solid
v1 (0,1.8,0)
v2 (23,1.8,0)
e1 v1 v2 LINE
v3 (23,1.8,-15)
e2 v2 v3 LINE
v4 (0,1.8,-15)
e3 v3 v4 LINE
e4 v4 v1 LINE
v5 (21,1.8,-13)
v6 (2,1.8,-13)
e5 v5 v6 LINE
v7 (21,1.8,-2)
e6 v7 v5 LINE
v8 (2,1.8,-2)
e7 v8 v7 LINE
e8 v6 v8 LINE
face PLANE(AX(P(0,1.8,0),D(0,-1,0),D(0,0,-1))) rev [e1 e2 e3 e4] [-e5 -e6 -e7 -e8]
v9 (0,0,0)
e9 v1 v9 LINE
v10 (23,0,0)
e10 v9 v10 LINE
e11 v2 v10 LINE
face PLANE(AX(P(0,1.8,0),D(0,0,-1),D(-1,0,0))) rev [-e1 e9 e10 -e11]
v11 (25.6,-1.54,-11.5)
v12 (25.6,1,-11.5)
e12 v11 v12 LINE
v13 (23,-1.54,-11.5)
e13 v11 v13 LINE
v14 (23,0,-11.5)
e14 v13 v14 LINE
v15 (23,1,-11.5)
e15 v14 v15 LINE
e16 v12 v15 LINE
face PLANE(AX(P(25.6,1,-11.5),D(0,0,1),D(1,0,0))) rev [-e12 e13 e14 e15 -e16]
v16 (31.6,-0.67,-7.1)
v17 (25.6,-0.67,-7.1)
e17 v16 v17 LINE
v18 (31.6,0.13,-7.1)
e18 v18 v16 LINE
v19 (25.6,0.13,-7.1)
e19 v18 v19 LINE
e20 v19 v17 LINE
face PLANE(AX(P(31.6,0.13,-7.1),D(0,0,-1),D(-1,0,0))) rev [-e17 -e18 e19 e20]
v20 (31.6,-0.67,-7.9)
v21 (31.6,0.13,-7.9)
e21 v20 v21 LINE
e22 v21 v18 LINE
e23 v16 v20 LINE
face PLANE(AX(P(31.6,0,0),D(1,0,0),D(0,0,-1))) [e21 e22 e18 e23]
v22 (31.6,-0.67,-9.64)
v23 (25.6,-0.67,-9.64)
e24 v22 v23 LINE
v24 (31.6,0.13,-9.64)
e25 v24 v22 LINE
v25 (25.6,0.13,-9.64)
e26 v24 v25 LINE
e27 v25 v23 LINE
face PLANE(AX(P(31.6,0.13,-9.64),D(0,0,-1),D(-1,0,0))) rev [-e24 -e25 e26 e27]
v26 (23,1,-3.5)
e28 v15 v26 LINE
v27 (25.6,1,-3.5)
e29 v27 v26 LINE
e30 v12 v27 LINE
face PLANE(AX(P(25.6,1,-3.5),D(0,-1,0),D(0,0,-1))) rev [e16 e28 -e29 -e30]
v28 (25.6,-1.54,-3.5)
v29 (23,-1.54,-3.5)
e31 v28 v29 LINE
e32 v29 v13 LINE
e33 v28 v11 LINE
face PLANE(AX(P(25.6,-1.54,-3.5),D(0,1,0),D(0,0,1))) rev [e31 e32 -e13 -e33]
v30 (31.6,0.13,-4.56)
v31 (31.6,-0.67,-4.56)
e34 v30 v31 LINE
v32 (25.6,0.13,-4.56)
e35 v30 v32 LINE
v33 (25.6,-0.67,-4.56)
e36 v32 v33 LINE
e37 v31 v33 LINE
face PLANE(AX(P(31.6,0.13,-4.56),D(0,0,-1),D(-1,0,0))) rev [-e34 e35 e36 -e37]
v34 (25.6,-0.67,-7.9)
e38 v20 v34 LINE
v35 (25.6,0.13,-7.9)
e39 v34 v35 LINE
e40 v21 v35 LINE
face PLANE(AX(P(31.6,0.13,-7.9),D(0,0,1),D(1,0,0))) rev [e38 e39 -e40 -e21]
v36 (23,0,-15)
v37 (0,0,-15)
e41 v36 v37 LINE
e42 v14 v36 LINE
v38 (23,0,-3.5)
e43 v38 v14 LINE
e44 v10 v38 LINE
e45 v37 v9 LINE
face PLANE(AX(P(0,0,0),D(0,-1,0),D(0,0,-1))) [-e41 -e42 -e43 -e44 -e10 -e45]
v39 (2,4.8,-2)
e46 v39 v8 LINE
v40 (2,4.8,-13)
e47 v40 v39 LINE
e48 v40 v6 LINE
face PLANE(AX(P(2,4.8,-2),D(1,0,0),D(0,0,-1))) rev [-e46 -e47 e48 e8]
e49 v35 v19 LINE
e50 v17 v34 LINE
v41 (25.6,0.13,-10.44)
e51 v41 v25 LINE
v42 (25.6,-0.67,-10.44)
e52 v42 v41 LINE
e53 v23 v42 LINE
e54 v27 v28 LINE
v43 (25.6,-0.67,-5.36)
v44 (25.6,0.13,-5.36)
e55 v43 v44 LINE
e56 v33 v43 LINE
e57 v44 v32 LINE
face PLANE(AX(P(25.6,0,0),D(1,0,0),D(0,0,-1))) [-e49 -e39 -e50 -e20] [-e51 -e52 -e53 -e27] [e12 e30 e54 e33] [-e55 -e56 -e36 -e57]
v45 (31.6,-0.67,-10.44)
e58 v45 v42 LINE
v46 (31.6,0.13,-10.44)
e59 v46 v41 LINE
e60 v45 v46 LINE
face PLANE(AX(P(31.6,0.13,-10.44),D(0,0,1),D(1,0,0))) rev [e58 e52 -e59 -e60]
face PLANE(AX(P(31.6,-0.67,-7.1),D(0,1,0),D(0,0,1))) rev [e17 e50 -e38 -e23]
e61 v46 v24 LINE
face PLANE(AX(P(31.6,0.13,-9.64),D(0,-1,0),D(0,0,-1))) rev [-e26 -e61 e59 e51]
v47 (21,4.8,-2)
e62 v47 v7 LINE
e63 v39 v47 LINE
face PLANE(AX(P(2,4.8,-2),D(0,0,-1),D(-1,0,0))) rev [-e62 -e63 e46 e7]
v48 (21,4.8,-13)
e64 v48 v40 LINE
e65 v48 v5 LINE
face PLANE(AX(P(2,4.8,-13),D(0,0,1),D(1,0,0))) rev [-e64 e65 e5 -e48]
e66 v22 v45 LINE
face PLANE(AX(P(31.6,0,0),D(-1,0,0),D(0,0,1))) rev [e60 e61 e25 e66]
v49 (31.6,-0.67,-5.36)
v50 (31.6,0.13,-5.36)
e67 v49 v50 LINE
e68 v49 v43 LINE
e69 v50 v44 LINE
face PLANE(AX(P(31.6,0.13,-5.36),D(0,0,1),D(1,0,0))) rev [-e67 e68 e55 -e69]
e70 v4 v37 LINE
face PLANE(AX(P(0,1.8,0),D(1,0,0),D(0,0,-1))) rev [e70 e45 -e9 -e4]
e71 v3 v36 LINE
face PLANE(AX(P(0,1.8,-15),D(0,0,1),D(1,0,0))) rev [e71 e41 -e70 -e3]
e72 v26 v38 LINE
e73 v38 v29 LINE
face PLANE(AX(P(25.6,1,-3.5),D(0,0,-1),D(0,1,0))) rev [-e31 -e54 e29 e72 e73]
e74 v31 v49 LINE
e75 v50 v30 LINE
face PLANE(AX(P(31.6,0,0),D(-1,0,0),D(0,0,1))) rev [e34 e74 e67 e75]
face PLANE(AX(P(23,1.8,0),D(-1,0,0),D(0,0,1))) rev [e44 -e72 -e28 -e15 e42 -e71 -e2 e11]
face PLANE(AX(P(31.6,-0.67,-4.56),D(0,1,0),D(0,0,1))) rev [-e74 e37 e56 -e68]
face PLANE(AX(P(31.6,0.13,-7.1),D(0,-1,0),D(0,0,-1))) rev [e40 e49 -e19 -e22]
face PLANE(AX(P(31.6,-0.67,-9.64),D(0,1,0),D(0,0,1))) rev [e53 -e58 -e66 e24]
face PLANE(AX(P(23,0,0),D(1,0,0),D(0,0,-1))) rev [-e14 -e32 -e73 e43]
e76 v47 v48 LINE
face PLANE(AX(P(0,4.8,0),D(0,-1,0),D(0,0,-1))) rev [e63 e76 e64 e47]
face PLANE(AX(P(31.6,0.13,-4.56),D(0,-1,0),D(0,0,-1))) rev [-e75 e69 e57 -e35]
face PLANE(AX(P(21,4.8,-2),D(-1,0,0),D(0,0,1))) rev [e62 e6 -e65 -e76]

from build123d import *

# Parameters (mm, degrees)
CROQUIS1_W              = 23
CROQUIS1_H              = 15
SALIENTE_EXTRUIR1_DEPTH = 1.8
CROQUIS2_W              = 19
CROQUIS2_H              = 11
SALIENTE_EXTRUIR2_DEPTH = 3
CROQUIS3_W              = 8
CROQUIS3_H              = 2.54
SALIENTE_EXTRUIR3_DEPTH = 2.6
CROQUIS4_W              = 0.8
CROQUIS4_H              = 0.8
SALIENTE_EXTRUIR4_DEPTH = 6


with BuildPart() as part:
    # Croquis1 → Saliente-Extruir1 (new body)
    with BuildSketch(Plane(origin=(0, 0, 0), x_dir=(1, 0, 0), z_dir=(0, 1, 0))):
        with Locations((11.5, 7.5)):
            Rectangle(CROQUIS1_W, CROQUIS1_H)
    extrude(amount=SALIENTE_EXTRUIR1_DEPTH)

    # Croquis2 → Saliente-Extruir2 (add)
    with BuildSketch(Plane(origin=(0, 1.8, 0), x_dir=(1, 0, 0), z_dir=(0, 1, 0))):
        with Locations((11.5, 7.5)):
            Rectangle(CROQUIS2_W, CROQUIS2_H)
    extrude(amount=SALIENTE_EXTRUIR2_DEPTH)

    # Croquis3 → Saliente-Extruir3 (add)
    with BuildSketch(Plane(origin=(23, 0, 0), x_dir=(0, 0, -1), z_dir=(1, 0, 0))):
        with Locations((7.5, -0.27)):
            Rectangle(CROQUIS3_W, CROQUIS3_H)
    extrude(amount=SALIENTE_EXTRUIR3_DEPTH)

    # Croquis4 → Saliente-Extruir4 (add)
    with BuildSketch(Plane(origin=(25.6, 0, 0), x_dir=(0, 0, -1), z_dir=(1, 0, 0))):
        with Locations((10.04, -0.27)):
            Rectangle(CROQUIS4_W, CROQUIS4_H)
        with Locations((7.5, -0.27)):
            Rectangle(CROQUIS4_W, CROQUIS4_H)
        with Locations((4.96, -0.27)):
            Rectangle(CROQUIS4_W, CROQUIS4_H)
    extrude(amount=SALIENTE_EXTRUIR4_DEPTH)


solid = part.part
